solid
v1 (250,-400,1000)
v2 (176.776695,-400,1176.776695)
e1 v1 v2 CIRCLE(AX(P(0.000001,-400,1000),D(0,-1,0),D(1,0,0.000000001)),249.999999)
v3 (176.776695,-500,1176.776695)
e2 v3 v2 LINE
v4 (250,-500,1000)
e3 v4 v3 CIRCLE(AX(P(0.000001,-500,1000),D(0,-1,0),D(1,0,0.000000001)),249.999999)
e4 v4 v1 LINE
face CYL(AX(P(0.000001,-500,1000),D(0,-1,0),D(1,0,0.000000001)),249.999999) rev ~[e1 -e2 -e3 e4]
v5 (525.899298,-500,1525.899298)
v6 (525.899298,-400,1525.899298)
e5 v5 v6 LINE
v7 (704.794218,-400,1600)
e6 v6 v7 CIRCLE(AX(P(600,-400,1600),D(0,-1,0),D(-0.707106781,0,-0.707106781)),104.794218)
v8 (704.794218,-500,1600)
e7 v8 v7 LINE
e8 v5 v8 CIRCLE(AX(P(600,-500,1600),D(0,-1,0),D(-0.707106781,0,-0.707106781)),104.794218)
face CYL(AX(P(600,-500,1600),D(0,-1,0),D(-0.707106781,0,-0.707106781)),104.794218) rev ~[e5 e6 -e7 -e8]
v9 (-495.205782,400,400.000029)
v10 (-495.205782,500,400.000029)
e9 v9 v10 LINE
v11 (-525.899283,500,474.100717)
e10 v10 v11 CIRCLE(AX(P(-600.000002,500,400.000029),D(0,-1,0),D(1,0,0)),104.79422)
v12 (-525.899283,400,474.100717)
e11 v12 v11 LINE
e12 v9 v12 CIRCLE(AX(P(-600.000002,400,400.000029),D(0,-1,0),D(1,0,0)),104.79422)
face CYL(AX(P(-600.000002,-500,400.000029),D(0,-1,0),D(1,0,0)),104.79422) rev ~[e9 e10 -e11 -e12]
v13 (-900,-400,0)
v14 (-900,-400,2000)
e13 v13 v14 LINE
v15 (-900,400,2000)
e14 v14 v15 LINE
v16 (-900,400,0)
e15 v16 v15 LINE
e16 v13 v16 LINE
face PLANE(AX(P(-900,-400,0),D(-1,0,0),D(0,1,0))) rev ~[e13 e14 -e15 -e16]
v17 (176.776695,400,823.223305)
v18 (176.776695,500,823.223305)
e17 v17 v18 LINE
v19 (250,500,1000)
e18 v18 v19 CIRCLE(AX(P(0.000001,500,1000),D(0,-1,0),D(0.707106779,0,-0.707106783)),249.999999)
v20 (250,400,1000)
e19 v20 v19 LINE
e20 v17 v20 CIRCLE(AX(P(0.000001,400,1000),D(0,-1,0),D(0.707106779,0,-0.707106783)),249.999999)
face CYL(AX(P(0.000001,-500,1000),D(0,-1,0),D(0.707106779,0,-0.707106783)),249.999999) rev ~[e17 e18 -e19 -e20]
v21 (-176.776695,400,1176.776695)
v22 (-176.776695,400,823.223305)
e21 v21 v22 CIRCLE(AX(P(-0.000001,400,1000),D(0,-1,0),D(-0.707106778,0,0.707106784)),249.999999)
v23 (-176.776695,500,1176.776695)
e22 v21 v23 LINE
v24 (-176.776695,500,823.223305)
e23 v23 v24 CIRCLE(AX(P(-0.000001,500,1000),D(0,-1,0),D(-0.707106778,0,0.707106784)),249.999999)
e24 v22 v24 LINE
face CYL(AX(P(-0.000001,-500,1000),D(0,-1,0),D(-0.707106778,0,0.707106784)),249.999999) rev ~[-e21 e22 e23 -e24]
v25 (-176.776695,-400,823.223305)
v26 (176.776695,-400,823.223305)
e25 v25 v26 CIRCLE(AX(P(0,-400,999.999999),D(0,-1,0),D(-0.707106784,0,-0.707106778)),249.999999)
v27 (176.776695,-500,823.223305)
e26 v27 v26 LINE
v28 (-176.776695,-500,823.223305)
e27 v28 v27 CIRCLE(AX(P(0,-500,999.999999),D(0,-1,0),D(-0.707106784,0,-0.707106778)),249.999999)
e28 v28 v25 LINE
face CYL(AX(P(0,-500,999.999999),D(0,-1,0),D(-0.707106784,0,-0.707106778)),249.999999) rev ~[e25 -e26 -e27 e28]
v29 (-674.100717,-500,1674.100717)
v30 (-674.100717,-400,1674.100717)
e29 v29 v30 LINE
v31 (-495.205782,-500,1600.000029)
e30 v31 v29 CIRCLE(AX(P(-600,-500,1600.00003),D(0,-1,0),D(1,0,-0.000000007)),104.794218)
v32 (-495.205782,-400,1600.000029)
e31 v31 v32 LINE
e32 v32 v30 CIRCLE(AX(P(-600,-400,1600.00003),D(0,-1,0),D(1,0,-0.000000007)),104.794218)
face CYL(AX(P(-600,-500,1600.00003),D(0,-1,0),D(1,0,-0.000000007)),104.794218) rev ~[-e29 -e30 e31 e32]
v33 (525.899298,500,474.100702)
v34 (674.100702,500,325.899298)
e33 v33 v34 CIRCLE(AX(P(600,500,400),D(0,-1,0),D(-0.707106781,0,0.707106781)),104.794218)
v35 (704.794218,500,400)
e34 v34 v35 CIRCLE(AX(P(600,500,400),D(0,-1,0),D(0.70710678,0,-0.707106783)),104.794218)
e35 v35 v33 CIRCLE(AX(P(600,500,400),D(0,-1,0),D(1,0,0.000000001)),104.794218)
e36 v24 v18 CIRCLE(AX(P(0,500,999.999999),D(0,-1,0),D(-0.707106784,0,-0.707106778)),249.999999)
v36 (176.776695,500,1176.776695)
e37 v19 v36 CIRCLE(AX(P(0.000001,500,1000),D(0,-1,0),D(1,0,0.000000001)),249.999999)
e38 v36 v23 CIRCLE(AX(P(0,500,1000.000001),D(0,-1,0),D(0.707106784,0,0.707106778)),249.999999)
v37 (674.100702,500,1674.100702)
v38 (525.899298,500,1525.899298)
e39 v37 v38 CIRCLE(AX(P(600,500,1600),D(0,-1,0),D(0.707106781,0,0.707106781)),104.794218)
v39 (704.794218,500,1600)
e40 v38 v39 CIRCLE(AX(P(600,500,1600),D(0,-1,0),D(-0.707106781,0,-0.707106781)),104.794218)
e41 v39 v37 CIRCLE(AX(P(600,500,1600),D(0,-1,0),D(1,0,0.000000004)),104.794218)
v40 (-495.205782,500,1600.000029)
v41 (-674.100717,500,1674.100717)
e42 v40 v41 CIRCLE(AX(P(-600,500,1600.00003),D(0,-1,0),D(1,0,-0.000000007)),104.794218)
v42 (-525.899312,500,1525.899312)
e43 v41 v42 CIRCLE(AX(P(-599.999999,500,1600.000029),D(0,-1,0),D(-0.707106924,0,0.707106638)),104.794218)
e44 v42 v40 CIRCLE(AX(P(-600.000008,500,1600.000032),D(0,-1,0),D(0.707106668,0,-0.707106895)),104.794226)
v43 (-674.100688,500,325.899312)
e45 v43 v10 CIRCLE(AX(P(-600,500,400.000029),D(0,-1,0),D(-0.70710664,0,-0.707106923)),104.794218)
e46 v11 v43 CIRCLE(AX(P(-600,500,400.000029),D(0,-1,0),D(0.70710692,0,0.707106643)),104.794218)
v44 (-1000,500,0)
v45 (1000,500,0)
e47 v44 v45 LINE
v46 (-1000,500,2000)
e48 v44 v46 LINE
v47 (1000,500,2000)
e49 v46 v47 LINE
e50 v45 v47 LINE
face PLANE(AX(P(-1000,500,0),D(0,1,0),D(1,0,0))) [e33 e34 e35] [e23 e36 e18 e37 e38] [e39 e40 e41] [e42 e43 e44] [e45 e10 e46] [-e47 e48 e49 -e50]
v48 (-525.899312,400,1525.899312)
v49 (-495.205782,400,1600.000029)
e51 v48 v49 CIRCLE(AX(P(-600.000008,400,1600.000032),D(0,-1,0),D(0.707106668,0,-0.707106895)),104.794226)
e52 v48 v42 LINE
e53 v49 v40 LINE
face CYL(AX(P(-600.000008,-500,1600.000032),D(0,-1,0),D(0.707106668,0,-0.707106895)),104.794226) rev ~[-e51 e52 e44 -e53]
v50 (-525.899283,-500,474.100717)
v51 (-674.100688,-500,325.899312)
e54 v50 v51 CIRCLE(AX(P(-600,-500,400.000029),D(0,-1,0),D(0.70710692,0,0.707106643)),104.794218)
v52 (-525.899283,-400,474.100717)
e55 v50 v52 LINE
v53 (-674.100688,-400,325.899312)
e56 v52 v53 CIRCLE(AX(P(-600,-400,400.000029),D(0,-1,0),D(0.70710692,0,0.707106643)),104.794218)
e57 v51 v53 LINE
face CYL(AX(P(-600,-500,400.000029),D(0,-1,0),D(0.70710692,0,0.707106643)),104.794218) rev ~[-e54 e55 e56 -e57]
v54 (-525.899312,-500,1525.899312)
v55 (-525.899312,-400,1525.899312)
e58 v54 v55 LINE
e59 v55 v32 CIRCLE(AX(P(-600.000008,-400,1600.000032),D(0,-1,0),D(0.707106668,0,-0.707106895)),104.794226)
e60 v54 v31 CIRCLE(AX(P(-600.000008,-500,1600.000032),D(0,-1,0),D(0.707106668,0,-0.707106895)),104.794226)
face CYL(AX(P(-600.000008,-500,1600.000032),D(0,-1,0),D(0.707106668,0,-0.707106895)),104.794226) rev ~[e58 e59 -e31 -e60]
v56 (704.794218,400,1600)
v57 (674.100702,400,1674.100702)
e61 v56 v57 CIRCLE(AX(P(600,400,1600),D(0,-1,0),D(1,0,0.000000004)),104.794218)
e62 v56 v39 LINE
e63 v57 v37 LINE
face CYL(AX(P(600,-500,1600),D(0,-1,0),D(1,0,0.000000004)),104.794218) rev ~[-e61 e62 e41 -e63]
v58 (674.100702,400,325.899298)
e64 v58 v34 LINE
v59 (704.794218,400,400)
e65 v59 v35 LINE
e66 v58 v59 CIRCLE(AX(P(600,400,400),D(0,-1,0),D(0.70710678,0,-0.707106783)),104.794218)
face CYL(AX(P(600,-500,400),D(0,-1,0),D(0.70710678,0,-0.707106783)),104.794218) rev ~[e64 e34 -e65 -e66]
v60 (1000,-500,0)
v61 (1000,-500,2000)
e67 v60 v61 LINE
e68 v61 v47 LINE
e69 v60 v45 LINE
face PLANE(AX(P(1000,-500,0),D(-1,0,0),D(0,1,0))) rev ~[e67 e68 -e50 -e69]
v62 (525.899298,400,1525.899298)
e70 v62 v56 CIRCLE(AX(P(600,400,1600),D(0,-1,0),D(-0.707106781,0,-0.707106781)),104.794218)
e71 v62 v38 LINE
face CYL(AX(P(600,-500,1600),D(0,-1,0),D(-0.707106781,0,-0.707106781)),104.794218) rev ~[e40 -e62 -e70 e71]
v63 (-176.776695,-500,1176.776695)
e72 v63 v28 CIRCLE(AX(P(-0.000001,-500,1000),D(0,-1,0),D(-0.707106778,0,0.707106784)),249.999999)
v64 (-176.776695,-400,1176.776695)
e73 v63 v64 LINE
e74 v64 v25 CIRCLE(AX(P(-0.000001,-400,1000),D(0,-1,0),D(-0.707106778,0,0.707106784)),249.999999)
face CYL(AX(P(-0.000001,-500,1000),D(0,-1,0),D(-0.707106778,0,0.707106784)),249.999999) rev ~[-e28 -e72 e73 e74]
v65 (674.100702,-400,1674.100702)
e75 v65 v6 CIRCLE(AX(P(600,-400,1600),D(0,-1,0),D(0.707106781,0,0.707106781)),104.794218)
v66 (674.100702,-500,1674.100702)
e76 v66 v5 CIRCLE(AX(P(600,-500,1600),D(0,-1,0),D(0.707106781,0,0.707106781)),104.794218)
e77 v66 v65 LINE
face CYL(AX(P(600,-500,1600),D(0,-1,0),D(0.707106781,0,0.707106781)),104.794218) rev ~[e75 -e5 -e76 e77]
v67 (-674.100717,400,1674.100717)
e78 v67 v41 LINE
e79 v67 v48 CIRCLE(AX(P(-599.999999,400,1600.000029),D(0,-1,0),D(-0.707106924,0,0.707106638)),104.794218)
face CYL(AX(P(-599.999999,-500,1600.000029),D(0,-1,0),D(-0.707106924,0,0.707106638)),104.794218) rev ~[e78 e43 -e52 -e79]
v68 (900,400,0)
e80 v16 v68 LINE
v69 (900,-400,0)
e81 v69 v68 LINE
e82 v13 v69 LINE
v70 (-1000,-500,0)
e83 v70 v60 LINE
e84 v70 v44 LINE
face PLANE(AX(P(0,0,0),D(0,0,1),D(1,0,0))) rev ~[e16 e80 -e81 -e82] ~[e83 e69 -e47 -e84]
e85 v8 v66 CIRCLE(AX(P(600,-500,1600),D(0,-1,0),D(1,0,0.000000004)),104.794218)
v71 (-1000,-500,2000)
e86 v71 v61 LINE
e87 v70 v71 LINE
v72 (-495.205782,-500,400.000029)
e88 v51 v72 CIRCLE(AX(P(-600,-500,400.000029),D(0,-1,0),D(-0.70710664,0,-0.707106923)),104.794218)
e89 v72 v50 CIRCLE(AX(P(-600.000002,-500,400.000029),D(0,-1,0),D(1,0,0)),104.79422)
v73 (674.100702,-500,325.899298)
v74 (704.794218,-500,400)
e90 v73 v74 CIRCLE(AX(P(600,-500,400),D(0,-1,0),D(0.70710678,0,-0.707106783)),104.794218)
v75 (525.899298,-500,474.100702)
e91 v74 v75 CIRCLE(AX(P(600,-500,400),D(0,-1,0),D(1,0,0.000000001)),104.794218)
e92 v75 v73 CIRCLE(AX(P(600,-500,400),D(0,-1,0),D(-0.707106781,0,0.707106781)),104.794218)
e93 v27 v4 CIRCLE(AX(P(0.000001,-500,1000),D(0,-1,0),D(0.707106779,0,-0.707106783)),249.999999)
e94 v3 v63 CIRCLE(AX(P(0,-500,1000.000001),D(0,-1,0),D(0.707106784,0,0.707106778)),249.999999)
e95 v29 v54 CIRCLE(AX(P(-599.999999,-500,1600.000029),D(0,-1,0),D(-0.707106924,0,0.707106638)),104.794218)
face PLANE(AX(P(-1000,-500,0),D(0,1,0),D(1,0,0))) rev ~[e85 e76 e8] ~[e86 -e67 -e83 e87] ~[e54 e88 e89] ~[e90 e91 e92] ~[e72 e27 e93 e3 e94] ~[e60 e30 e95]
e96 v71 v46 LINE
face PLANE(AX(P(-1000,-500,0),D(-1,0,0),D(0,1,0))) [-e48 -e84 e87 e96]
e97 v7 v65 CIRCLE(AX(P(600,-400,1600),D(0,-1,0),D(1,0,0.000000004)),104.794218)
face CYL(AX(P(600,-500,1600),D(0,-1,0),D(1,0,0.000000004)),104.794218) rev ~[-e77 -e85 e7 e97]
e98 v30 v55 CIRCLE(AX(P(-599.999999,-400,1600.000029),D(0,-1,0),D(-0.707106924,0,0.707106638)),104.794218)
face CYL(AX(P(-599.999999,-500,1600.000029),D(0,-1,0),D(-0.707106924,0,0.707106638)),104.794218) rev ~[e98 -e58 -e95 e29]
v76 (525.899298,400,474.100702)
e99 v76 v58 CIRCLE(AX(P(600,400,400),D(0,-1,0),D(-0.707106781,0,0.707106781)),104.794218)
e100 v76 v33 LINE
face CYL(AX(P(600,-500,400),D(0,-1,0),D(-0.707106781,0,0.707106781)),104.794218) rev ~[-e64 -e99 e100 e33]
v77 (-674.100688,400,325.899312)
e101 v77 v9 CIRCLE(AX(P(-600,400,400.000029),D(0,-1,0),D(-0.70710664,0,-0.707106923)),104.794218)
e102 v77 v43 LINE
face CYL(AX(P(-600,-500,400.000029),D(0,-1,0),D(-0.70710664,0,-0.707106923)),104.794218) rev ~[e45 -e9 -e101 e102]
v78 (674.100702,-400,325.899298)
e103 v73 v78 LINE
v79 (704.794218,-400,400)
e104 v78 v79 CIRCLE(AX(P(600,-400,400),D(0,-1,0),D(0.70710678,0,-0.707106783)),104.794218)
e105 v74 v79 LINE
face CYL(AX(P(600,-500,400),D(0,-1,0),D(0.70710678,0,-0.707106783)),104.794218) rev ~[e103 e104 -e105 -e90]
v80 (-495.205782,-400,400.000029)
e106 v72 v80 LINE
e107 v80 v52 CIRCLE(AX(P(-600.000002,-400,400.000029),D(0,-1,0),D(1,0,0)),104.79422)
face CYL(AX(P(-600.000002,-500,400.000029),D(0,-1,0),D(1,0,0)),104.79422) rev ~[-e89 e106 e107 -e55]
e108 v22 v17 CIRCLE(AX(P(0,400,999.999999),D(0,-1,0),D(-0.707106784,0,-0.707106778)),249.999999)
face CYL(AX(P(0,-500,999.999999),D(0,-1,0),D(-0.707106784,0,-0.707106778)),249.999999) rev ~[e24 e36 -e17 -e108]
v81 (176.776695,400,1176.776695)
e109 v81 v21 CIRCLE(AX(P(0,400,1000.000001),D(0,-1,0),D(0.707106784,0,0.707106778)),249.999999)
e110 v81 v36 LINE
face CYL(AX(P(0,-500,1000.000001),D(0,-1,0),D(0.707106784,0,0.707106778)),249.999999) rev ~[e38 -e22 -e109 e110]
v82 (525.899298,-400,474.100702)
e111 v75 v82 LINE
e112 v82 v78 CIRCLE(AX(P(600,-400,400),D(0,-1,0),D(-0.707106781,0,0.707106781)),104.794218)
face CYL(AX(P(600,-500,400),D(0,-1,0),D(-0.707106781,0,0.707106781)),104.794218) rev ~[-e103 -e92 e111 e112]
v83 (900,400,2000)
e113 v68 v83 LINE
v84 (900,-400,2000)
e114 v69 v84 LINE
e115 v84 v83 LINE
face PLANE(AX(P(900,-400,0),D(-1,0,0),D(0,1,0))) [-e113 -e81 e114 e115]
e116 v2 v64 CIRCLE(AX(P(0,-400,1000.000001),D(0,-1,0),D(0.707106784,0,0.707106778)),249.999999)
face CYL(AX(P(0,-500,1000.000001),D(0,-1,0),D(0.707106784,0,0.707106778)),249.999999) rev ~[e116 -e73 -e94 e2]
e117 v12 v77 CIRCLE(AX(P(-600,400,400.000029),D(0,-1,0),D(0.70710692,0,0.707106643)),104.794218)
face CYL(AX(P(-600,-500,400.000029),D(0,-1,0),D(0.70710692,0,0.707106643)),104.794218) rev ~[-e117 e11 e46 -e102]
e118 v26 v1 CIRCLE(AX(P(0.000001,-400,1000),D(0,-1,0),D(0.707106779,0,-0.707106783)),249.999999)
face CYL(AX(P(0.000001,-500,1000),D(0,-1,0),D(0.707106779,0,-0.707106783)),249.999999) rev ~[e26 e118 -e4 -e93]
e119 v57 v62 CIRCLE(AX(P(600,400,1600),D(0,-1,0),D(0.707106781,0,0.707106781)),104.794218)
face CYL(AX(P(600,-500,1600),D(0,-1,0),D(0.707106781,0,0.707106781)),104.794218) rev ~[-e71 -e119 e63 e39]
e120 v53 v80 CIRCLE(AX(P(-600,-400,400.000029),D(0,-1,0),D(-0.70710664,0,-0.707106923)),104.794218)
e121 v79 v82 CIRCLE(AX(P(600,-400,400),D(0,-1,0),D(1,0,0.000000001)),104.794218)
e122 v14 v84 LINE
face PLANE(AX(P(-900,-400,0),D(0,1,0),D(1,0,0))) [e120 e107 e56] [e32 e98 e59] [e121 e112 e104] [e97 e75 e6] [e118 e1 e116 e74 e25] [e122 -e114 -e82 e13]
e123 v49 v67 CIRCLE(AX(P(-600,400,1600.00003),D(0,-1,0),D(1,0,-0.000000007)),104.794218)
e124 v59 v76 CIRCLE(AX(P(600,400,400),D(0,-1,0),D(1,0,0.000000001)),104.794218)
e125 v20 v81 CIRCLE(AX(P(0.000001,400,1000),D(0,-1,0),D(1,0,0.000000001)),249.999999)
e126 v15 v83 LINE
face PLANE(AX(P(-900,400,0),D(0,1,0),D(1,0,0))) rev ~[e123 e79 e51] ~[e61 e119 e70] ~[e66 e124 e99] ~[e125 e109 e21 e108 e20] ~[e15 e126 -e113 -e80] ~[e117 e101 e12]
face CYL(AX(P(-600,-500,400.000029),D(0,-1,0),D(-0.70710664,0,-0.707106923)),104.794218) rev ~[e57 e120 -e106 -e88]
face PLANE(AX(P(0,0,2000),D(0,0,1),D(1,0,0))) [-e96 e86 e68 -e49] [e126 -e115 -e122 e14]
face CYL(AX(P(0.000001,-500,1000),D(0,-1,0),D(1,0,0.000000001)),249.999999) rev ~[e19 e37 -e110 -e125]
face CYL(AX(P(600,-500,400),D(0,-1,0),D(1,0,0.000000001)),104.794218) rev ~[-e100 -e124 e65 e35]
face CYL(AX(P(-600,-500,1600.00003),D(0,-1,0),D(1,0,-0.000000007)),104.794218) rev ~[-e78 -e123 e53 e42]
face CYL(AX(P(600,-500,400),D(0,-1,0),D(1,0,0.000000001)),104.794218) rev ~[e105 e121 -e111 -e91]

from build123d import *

# Parameters (mm, degrees)
F0_W     = 2000
F0_H     = 1000
F0_W_2   = 1800
F0_H_2   = 800
F1_DEPTH = 2000
F3_DEPTH = 2225.647926
F4_DEPTH = 1010.152698


with BuildPart() as f1:
    # F0 (on Top) → F1 (new body)
    with BuildSketch(Plane.XY):
        Rectangle(F0_W, F0_H)
        Rectangle(F0_W_2, F0_H_2, mode=Mode.SUBTRACT)
    extrude(amount=F1_DEPTH)

    # F2 (on face) → F3 (cut)
    with BuildSketch(Plane.XZ.offset(500)):
        with BuildLine():
            ThreePointArc((-495.205782, 1600.000029), (-559.896999, 1696.817267), (-674.100717, 1674.100717))
            Line((-674.100717, 1674.100717), (-525.899312, 1525.899312))
            ThreePointArc((-525.899312, 1525.899312), (-503.182771, 1559.897009), (-495.205782, 1600.000029))
        make_face()
        with BuildLine():
            ThreePointArc((674.100702, 1674.100702), (525.899298, 1674.100702), (525.899298, 1525.899298))
            Line((525.899298, 1525.899298), (674.100702, 1674.100702))
        make_face()
        with BuildLine():
            Line((674.100702, 1674.100702), (525.899298, 1525.899298))
            ThreePointArc((525.899298, 1525.899298), (640.103011, 1503.182767), (704.794218, 1600))
            ThreePointArc((704.794218, 1600), (696.817233, 1640.103011), (674.100702, 1674.100702))
        make_face()
        with BuildLine():
            ThreePointArc((704.794218, 400), (640.103011, 496.817233), (525.899298, 474.100702))
            Line((525.899298, 474.100702), (674.100702, 325.899298))
            ThreePointArc((674.100702, 325.899298), (696.817233, 359.896989), (704.794218, 400))
        make_face()
        with BuildLine():
            Line((674.100702, 325.899298), (525.899298, 474.100702))
            ThreePointArc((525.899298, 474.100702), (525.899298, 325.899298), (674.100702, 325.899298))
        make_face()
        with BuildLine():
            ThreePointArc((-495.205782, 400.000029), (-503.182763, 440.103031), (-525.899283, 474.100717))
            Line((-525.899283, 474.100717), (-674.100688, 325.899312))
            ThreePointArc((-674.100688, 325.899312), (-559.896979, 303.1828), (-495.205782, 400.000029))
        make_face()
        with BuildLine():
            Line((-674.100688, 325.899312), (-525.899283, 474.100717))
            ThreePointArc((-525.899283, 474.100717), (-674.100702, 474.100732), (-674.100688, 325.899312))
        make_face()
        with BuildLine():
            ThreePointArc((176.776695, 1176.776695), (0, 1250), (-176.776695, 1176.776695))
            Line((-176.776695, 1176.776695), (0, 1000))
            Line((0, 1000), (176.776695, 1176.776695))
        make_face()
        with BuildLine():
            Line((0, 1000), (-176.776695, 1176.776695))
            ThreePointArc((-176.776695, 1176.776695), (-250, 1000), (-176.776695, 823.223305))
            Line((-176.776695, 823.223305), (0, 1000))
        make_face()
        with BuildLine():
            Line((-525.899312, 1525.899312), (-674.100717, 1674.100717))
            ThreePointArc((-674.100717, 1674.100717), (-674.100702, 1525.899327), (-525.899312, 1525.899312))
        make_face()
        with BuildLine():
            Line((176.776695, 1176.776695), (0, 1000))
            Line((0, 1000), (176.776695, 823.223305))
            ThreePointArc((176.776695, 823.223305), (230.969883, 904.329142), (250, 1000))
            ThreePointArc((250, 1000), (230.969883, 1095.670858), (176.776695, 1176.776695))
        make_face()
        with BuildLine():
            Line((176.776695, 823.223305), (0, 1000))
            Line((0, 1000), (-176.776695, 823.223305))
            ThreePointArc((-176.776695, 823.223305), (0, 750), (176.776695, 823.223305))
        make_face()
    extrude(amount=-F3_DEPTH, mode=Mode.SUBTRACT)

    # F2 (on face) → F4 (cut)
    with BuildSketch(Plane.XZ.offset(500)):
        with BuildLine():
            ThreePointArc((-495.205782, 1600.000029), (-559.896999, 1696.817267), (-674.100717, 1674.100717))
            Line((-674.100717, 1674.100717), (-525.899312, 1525.899312))
            ThreePointArc((-525.899312, 1525.899312), (-503.182771, 1559.897009), (-495.205782, 1600.000029))
        make_face()
        with BuildLine():
            ThreePointArc((674.100702, 1674.100702), (525.899298, 1674.100702), (525.899298, 1525.899298))
            Line((525.899298, 1525.899298), (674.100702, 1674.100702))
        make_face()
        with BuildLine():
            Line((674.100702, 1674.100702), (525.899298, 1525.899298))
            ThreePointArc((525.899298, 1525.899298), (640.103011, 1503.182767), (704.794218, 1600))
            ThreePointArc((704.794218, 1600), (696.817233, 1640.103011), (674.100702, 1674.100702))
        make_face()
        with BuildLine():
            ThreePointArc((704.794218, 400), (640.103011, 496.817233), (525.899298, 474.100702))
            Line((525.899298, 474.100702), (674.100702, 325.899298))
            ThreePointArc((674.100702, 325.899298), (696.817233, 359.896989), (704.794218, 400))
        make_face()
        with BuildLine():
            Line((674.100702, 325.899298), (525.899298, 474.100702))
            ThreePointArc((525.899298, 474.100702), (525.899298, 325.899298), (674.100702, 325.899298))
        make_face()
        with BuildLine():
            ThreePointArc((-495.205782, 400.000029), (-503.182763, 440.103031), (-525.899283, 474.100717))
            Line((-525.899283, 474.100717), (-674.100688, 325.899312))
            ThreePointArc((-674.100688, 325.899312), (-559.896979, 303.1828), (-495.205782, 400.000029))
        make_face()
        with BuildLine():
            Line((-674.100688, 325.899312), (-525.899283, 474.100717))
            ThreePointArc((-525.899283, 474.100717), (-674.100702, 474.100732), (-674.100688, 325.899312))
        make_face()
        with BuildLine():
            ThreePointArc((176.776695, 1176.776695), (0, 1250), (-176.776695, 1176.776695))
            Line((-176.776695, 1176.776695), (0, 1000))
            Line((0, 1000), (176.776695, 1176.776695))
        make_face()
        with BuildLine():
            Line((0, 1000), (-176.776695, 1176.776695))
            ThreePointArc((-176.776695, 1176.776695), (-250, 1000), (-176.776695, 823.223305))
            Line((-176.776695, 823.223305), (0, 1000))
        make_face()
        with BuildLine():
            Line((-525.899312, 1525.899312), (-674.100717, 1674.100717))
            ThreePointArc((-674.100717, 1674.100717), (-674.100702, 1525.899327), (-525.899312, 1525.899312))
        make_face()
        with BuildLine():
            Line((176.776695, 1176.776695), (0, 1000))
            Line((0, 1000), (176.776695, 823.223305))
            ThreePointArc((176.776695, 823.223305), (230.969883, 904.329142), (250, 1000))
            ThreePointArc((250, 1000), (230.969883, 1095.670858), (176.776695, 1176.776695))
        make_face()
        with BuildLine():
            Line((176.776695, 823.223305), (0, 1000))
            Line((0, 1000), (-176.776695, 823.223305))
            ThreePointArc((-176.776695, 823.223305), (0, 750), (176.776695, 823.223305))
        make_face()
    extrude(amount=-F4_DEPTH, mode=Mode.SUBTRACT)


solid = f1.part
